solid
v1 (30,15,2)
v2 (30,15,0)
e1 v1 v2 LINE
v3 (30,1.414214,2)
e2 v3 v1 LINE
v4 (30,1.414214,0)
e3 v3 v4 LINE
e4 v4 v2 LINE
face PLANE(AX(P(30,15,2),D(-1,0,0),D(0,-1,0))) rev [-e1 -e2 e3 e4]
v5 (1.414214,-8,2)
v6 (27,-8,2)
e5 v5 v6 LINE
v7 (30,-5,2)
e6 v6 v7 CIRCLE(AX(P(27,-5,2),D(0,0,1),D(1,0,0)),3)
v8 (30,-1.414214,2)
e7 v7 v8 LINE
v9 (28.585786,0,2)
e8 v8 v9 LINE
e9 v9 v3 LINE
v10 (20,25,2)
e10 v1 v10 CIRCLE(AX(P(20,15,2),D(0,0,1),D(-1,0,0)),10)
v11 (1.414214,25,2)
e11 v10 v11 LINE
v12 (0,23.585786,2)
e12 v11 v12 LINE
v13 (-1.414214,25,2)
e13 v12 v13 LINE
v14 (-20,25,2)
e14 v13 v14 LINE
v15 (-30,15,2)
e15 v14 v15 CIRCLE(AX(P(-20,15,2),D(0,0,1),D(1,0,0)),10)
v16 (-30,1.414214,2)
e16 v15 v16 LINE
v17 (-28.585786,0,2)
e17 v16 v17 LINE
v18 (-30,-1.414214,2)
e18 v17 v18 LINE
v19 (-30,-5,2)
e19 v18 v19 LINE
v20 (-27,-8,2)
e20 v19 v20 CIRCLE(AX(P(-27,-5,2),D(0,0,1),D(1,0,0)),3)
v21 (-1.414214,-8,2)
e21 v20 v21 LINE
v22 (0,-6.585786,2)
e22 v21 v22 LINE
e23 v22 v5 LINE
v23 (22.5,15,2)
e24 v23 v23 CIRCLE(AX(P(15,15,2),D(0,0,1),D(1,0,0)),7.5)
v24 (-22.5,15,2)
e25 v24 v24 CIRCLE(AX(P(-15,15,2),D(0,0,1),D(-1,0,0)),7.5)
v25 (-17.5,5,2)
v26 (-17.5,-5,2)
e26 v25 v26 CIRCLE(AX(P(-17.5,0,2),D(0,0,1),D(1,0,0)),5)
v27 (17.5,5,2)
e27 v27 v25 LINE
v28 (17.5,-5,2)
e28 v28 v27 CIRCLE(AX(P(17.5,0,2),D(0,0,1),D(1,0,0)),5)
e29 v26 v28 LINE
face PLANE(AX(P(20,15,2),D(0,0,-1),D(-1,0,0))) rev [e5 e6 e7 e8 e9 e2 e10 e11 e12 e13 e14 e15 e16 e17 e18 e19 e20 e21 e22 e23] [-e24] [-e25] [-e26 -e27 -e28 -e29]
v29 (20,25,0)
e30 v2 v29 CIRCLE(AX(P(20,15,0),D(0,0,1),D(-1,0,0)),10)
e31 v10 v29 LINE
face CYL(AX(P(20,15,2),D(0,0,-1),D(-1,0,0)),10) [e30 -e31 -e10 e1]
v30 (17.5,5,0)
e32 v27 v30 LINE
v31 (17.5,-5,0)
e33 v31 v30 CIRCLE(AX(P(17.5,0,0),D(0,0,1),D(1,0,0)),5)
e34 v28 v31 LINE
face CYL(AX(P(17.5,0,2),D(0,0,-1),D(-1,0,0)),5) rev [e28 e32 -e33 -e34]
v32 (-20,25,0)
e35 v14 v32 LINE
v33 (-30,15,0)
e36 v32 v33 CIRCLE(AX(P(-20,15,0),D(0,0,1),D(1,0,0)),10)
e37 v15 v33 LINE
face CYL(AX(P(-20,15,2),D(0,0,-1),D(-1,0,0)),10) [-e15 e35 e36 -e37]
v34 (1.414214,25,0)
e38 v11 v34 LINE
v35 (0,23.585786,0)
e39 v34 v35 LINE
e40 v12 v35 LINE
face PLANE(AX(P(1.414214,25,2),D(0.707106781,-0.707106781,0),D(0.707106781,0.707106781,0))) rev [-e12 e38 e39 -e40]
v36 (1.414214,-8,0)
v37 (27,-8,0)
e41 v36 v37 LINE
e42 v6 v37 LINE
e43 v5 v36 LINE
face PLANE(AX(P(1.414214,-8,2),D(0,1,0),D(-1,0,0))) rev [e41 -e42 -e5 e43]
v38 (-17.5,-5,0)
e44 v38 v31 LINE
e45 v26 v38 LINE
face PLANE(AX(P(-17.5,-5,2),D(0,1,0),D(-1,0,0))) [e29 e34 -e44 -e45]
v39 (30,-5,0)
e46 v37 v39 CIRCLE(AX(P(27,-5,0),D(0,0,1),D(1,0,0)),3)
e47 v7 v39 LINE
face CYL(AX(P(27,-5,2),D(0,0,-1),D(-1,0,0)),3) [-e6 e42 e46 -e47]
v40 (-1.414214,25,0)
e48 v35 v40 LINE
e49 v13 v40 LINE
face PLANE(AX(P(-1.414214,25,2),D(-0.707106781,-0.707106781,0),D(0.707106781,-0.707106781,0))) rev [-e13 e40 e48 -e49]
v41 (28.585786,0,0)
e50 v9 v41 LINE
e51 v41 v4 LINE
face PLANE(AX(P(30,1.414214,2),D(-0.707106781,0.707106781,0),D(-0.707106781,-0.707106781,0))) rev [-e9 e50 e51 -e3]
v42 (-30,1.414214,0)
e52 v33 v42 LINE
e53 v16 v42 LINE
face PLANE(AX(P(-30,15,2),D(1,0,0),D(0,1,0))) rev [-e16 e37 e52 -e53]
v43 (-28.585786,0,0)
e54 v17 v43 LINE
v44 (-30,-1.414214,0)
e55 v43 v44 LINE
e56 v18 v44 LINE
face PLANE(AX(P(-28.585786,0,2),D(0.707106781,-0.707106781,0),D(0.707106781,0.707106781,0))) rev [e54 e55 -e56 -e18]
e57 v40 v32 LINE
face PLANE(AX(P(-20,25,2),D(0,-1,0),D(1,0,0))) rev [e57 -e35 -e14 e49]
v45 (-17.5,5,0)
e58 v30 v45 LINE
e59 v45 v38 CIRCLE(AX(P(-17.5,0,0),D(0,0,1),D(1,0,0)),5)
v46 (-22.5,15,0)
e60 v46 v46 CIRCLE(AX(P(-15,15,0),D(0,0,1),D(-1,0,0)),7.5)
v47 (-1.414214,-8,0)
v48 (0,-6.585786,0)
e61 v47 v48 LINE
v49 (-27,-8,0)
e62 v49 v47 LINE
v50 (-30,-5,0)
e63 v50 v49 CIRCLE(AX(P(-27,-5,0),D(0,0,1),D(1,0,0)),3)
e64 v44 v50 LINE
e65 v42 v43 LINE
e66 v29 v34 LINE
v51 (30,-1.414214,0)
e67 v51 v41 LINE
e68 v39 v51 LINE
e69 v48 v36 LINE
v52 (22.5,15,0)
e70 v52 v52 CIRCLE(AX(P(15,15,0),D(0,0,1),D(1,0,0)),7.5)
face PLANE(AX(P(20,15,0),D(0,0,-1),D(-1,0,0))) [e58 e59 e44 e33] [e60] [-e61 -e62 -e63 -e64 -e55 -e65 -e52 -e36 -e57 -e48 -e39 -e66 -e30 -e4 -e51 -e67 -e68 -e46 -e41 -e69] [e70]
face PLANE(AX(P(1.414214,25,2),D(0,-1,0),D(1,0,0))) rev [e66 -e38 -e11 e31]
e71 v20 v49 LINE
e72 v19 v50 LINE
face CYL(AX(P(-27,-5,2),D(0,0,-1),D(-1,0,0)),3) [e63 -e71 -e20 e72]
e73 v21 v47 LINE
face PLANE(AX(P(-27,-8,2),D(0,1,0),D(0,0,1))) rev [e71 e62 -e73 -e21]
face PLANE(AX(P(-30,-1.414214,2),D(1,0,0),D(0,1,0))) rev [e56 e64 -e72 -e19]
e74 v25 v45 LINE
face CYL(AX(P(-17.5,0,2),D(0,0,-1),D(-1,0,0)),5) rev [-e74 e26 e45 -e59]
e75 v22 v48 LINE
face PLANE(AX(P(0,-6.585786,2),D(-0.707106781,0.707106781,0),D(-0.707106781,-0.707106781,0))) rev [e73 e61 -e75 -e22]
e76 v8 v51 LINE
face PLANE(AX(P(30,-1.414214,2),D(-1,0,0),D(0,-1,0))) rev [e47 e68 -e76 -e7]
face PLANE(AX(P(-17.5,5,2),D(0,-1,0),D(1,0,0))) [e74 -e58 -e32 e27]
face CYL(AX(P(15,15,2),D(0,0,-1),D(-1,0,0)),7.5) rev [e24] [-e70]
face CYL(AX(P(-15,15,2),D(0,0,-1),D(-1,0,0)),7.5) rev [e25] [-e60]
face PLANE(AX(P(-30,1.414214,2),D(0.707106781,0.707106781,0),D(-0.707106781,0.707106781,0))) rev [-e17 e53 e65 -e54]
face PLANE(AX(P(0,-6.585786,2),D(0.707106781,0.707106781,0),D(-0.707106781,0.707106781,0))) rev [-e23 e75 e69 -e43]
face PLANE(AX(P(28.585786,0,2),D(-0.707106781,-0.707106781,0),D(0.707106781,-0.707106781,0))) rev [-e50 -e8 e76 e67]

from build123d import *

# Parameters (mm, degrees)
SKETCH1_R           = 7.5
BOSS_EXTRUDE1_DEPTH = 2


with BuildPart() as part:
    # Sketch1 → Boss-Extrude1 (new body)
    with BuildSketch(Plane.XY):
        with BuildLine():
            Line((-20, 25), (-1.414213562, 25))
            Line((-1.414213562, 25), (0, 23.585786438))
            Line((0, 23.585786438), (1.414213562, 25))
            Line((1.414213562, 25), (20, 25))
            ThreePointArc((20, 25), (27.071067812, 22.071067812), (30, 15))
            Line((30, 15), (30, 1.414213562))
            Line((30, 1.414213562), (28.585786438, 0))
            Line((28.585786438, 0), (30, -1.414213562))
            Line((30, -1.414213562), (30, -5))
            ThreePointArc((30, -5), (29.121320344, -7.121320344), (27, -8))
            Line((27, -8), (1.414213562, -8))
            Line((1.414213562, -8), (0, -6.585786438))
            Line((0, -6.585786438), (-1.414213562, -8))
            Line((-1.414213562, -8), (-27, -8))
            ThreePointArc((-27, -8), (-29.121320344, -7.121320344), (-30, -5))
            Line((-30, -5), (-30, -1.414213562))
            Line((-30, -1.414213562), (-28.585786438, 0))
            Line((-28.585786438, 0), (-30, 1.414213562))
            Line((-30, 1.414213562), (-30, 15))
            ThreePointArc((-30, 15), (-27.071067812, 22.071067812), (-20, 25))
        make_face()
        with Locations((15, 15)):
            Circle(SKETCH1_R, mode=Mode.SUBTRACT)
        with Locations(Location((-15, 15, 0), (0, 0, 180))):
            Circle(SKETCH1_R, mode=Mode.SUBTRACT)
        with BuildLine():
            Line((-17.5, 5), (17.5, 5))
            ThreePointArc((17.5, 5), (22.5, 0), (17.5, -5))
            Line((17.5, -5), (-17.5, -5))
            ThreePointArc((-17.5, -5), (-22.5, 0), (-17.5, 5))
        make_face(mode=Mode.SUBTRACT)
    extrude(amount=BOSS_EXTRUDE1_DEPTH)


solid = part.part
